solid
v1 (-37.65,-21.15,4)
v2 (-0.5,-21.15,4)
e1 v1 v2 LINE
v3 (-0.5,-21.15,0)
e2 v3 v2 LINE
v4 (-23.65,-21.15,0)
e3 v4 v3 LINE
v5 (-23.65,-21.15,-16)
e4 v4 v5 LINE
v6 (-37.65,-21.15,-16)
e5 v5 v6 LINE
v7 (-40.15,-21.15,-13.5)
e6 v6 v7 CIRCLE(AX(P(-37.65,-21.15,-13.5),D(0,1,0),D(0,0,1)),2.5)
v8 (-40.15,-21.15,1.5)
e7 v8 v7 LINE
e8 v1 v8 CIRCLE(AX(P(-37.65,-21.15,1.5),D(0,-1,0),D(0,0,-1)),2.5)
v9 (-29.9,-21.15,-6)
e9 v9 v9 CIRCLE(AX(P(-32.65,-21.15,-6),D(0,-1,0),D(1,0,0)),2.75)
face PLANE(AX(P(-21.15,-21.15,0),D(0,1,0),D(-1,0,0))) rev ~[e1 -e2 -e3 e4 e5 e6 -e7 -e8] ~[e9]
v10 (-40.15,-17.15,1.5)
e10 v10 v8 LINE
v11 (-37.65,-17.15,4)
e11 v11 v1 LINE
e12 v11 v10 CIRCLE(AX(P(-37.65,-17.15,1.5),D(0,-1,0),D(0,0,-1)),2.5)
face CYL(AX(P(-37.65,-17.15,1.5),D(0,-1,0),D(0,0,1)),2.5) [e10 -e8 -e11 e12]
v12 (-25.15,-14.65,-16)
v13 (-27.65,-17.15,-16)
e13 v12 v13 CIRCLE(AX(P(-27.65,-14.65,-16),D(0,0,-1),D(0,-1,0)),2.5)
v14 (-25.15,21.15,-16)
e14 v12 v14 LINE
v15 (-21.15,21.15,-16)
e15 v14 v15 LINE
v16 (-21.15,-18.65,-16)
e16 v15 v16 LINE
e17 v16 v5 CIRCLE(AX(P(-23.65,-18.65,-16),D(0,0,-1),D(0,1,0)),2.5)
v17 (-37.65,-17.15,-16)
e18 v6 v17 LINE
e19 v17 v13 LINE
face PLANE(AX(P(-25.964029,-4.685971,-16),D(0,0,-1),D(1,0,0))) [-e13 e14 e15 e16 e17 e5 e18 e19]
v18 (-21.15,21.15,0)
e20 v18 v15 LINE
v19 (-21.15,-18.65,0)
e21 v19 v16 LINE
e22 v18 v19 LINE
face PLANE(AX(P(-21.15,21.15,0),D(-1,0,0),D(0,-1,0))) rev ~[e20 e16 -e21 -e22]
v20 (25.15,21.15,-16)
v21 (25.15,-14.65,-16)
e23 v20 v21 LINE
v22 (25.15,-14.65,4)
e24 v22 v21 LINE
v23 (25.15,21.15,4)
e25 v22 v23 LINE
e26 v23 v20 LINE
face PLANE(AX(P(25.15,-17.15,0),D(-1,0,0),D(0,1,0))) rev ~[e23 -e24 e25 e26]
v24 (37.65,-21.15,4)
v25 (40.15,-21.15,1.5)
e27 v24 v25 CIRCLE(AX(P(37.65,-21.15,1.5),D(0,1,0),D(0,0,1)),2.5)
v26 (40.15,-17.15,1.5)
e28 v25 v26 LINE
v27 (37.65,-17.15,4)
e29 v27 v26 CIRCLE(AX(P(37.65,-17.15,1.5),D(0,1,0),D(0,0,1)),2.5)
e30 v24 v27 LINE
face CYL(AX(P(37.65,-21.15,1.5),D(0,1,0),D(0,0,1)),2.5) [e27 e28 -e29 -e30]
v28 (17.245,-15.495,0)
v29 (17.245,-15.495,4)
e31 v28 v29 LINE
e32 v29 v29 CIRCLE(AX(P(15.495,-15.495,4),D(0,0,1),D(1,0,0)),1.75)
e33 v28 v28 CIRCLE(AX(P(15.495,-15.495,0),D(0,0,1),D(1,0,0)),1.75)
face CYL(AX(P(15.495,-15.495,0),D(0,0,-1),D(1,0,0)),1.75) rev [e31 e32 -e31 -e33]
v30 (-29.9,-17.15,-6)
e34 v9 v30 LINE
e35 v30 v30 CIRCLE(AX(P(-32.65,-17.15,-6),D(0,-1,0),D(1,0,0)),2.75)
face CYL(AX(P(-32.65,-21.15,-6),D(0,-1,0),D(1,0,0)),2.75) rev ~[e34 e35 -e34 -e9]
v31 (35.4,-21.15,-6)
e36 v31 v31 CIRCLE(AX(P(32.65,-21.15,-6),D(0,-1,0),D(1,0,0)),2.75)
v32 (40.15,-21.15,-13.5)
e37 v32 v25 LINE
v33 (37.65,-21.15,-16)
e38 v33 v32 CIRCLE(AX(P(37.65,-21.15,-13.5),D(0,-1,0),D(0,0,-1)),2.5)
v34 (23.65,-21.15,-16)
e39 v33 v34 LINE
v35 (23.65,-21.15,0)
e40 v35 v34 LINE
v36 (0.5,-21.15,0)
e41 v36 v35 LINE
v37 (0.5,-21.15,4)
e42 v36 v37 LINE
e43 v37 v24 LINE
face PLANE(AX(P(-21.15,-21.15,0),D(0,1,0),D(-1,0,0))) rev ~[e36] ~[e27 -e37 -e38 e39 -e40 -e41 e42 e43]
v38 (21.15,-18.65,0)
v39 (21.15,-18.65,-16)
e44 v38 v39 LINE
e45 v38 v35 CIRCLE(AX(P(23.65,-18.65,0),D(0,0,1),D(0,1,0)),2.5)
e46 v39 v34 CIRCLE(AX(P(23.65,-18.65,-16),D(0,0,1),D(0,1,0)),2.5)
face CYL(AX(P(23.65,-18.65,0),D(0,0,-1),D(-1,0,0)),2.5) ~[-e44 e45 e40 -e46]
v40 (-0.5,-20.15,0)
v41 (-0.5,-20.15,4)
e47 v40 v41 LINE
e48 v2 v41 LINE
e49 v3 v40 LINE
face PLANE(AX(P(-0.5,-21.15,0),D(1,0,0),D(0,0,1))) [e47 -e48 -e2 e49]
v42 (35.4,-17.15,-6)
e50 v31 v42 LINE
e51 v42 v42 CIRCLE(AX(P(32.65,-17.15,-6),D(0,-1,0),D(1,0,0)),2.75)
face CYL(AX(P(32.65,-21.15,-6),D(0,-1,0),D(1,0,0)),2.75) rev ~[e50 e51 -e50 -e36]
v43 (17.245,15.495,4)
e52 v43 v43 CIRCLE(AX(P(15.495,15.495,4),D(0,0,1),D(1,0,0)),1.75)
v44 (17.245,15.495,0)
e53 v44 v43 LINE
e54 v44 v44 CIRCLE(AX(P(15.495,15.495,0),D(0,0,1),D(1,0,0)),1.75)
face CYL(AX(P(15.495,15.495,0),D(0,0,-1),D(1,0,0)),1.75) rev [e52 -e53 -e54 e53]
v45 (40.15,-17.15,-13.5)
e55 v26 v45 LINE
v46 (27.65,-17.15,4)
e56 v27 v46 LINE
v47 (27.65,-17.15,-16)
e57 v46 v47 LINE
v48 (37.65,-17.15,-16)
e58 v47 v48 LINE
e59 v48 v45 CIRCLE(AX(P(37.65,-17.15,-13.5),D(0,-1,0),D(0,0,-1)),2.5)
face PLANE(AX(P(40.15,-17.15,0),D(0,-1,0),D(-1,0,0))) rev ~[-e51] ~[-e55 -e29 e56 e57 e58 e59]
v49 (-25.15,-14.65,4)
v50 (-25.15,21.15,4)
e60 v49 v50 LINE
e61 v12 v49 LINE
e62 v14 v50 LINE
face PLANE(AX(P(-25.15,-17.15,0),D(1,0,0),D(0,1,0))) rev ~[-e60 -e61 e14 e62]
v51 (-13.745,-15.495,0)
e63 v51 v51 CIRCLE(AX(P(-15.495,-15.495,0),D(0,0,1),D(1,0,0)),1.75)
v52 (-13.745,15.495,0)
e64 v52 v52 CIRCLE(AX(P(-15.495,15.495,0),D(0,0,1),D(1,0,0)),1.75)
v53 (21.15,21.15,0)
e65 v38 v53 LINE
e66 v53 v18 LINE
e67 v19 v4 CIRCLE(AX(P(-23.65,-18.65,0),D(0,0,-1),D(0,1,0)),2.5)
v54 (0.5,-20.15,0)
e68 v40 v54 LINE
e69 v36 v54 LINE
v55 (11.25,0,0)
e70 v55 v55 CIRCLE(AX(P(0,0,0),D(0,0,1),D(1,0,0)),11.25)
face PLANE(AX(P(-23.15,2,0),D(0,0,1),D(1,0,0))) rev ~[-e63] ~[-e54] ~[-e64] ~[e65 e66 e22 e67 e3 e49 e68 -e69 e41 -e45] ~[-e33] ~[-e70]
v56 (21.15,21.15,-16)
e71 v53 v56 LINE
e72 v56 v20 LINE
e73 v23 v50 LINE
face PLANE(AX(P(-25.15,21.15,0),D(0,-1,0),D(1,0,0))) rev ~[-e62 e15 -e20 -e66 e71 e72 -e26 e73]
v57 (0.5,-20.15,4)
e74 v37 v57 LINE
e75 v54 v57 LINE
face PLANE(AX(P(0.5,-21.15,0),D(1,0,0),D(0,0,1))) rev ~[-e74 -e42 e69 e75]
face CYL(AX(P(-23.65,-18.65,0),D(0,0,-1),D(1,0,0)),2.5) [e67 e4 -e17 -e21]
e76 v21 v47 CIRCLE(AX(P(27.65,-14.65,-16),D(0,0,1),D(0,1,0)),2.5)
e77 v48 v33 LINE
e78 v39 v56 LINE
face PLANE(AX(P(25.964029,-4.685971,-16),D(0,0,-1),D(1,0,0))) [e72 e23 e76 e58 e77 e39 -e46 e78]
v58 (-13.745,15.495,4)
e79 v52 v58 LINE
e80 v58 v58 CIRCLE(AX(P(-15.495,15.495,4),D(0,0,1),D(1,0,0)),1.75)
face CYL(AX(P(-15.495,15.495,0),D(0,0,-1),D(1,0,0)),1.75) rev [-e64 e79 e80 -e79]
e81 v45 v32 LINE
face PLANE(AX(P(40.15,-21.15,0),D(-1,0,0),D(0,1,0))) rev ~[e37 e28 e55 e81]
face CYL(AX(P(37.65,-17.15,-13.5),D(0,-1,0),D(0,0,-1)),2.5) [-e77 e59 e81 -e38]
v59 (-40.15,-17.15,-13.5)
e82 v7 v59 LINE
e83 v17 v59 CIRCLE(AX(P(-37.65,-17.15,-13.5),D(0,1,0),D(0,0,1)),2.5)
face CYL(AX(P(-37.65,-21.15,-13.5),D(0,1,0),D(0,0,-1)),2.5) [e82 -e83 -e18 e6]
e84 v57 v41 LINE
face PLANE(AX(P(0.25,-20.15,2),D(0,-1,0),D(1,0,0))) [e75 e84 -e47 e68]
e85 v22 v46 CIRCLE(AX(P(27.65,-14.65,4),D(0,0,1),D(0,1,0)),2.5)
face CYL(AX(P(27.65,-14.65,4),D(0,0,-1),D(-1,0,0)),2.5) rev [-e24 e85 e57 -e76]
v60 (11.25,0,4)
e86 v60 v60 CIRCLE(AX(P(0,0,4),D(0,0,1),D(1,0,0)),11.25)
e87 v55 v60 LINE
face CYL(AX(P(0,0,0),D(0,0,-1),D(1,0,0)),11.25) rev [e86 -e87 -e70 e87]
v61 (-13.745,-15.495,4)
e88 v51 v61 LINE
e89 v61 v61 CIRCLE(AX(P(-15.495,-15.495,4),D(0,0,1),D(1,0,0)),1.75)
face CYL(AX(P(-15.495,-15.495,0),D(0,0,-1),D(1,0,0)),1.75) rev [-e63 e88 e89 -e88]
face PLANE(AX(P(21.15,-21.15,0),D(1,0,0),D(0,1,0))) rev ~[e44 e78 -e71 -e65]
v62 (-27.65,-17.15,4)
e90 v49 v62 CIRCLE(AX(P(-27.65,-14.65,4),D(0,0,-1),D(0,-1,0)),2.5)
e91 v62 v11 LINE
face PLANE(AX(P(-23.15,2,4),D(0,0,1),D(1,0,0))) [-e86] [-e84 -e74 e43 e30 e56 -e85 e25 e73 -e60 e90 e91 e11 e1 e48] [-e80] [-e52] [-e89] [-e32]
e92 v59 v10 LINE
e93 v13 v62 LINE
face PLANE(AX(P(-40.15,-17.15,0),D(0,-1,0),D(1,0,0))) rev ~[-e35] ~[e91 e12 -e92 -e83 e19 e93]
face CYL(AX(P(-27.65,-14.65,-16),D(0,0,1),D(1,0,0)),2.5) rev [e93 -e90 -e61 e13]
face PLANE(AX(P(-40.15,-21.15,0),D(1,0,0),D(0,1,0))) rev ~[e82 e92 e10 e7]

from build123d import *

# Parameters (mm, degrees)
F0_W     = 4
F0_H     = 38.3
F0_R     = 1.75
F0_R_2   = 11.25
F1_DEPTH = 4
F3_DEPTH = 16
F4_R     = 2.75
F5_DEPTH = 4
F6_R     = 2.5
F7_W     = 0.5
F7_H     = 4
F8_DEPTH = 1


with BuildPart() as f1:
    # F0 (on Top) → F1 (new body)
    with BuildSketch(Plane.XY):
        with Locations((-23.15, 2)):
            Rectangle(F0_W, F0_H)
        Polygon((21.15, 21.15), (-21.15, 21.15), (-21.15, -17.15), (-21.15, -21.15), (21.15, -21.15), (21.15, -17.15), align=None)
        with Locations((-15.495, -15.495)):
            Circle(F0_R, mode=Mode.SUBTRACT)
        with Locations((15.495, -15.495)):
            Circle(F0_R, mode=Mode.SUBTRACT)
        with Locations((-15.495, 15.495)):
            Circle(F0_R, mode=Mode.SUBTRACT)
        Circle(F0_R_2, mode=Mode.SUBTRACT)
        with Locations((15.495, 15.495)):
            Circle(F0_R, mode=Mode.SUBTRACT)
        with Locations((23.15, 2)):
            Rectangle(F0_W, F0_H)
        Polygon((-21.15, -21.15), (-21.15, -17.15), (-25.15, -17.15), (-40.15, -17.15), (-40.15, -21.15), align=None)
        Polygon((25.15, -17.15), (21.15, -17.15), (21.15, -21.15), (40.15, -21.15), (40.15, -17.15), align=None)
    extrude(amount=F1_DEPTH)

    # F2 (on face) → F3 (join)
    with BuildSketch(Plane(origin=(0, 0, 0), x_dir=(1, 0, 0), z_dir=(0, 0, -1))):
        Polygon((-25.15, -21.15), (-21.15, -21.15), (-21.15, 17.15), (-21.15, 21.15), (-40.15, 21.15), (-40.15, 17.15), (-25.15, 17.15), align=None)
        Polygon((21.15, 17.15), (21.15, -21.15), (25.15, -21.15), (25.15, 17.15), (40.15, 17.15), (40.15, 21.15), (21.15, 21.15), align=None)
    extrude(amount=F3_DEPTH)

    # F4 (on face) → F5 (cut, through all)
    with BuildSketch(Plane.XZ.offset(21.15)):
        with Locations((-32.65, -6)):
            Circle(F4_R)
        with Locations((32.65, -6)):
            Circle(F4_R)
    extrude(amount=-F5_DEPTH, mode=Mode.SUBTRACT)

    # F6
    f6_edges = [f1.edges().sort_by_distance(p)[0] for p in [
        (-40.15, -19.15, 4),
        (-40.15, -19.15, -16),
        (40.15, -19.15, -16),
        (40.15, -19.15, 4),
        (25.15, -17.15, -6),
        (-25.15, -17.15, -6),
        (21.15, -21.15, -8),
        (-21.15, -21.15, -8),
    ]]
    fillet(f6_edges, radius=F6_R)

    # F7 (on face) → F8 (cut)
    with BuildSketch(Plane.XZ.offset(21.15)):
        with Locations((0.25, 2)):
            Rectangle(F7_W, F7_H)
        with Locations((-0.25, 2)):
            Rectangle(F7_W, F7_H)
    extrude(amount=-F8_DEPTH, mode=Mode.SUBTRACT)


solid = f1.part
